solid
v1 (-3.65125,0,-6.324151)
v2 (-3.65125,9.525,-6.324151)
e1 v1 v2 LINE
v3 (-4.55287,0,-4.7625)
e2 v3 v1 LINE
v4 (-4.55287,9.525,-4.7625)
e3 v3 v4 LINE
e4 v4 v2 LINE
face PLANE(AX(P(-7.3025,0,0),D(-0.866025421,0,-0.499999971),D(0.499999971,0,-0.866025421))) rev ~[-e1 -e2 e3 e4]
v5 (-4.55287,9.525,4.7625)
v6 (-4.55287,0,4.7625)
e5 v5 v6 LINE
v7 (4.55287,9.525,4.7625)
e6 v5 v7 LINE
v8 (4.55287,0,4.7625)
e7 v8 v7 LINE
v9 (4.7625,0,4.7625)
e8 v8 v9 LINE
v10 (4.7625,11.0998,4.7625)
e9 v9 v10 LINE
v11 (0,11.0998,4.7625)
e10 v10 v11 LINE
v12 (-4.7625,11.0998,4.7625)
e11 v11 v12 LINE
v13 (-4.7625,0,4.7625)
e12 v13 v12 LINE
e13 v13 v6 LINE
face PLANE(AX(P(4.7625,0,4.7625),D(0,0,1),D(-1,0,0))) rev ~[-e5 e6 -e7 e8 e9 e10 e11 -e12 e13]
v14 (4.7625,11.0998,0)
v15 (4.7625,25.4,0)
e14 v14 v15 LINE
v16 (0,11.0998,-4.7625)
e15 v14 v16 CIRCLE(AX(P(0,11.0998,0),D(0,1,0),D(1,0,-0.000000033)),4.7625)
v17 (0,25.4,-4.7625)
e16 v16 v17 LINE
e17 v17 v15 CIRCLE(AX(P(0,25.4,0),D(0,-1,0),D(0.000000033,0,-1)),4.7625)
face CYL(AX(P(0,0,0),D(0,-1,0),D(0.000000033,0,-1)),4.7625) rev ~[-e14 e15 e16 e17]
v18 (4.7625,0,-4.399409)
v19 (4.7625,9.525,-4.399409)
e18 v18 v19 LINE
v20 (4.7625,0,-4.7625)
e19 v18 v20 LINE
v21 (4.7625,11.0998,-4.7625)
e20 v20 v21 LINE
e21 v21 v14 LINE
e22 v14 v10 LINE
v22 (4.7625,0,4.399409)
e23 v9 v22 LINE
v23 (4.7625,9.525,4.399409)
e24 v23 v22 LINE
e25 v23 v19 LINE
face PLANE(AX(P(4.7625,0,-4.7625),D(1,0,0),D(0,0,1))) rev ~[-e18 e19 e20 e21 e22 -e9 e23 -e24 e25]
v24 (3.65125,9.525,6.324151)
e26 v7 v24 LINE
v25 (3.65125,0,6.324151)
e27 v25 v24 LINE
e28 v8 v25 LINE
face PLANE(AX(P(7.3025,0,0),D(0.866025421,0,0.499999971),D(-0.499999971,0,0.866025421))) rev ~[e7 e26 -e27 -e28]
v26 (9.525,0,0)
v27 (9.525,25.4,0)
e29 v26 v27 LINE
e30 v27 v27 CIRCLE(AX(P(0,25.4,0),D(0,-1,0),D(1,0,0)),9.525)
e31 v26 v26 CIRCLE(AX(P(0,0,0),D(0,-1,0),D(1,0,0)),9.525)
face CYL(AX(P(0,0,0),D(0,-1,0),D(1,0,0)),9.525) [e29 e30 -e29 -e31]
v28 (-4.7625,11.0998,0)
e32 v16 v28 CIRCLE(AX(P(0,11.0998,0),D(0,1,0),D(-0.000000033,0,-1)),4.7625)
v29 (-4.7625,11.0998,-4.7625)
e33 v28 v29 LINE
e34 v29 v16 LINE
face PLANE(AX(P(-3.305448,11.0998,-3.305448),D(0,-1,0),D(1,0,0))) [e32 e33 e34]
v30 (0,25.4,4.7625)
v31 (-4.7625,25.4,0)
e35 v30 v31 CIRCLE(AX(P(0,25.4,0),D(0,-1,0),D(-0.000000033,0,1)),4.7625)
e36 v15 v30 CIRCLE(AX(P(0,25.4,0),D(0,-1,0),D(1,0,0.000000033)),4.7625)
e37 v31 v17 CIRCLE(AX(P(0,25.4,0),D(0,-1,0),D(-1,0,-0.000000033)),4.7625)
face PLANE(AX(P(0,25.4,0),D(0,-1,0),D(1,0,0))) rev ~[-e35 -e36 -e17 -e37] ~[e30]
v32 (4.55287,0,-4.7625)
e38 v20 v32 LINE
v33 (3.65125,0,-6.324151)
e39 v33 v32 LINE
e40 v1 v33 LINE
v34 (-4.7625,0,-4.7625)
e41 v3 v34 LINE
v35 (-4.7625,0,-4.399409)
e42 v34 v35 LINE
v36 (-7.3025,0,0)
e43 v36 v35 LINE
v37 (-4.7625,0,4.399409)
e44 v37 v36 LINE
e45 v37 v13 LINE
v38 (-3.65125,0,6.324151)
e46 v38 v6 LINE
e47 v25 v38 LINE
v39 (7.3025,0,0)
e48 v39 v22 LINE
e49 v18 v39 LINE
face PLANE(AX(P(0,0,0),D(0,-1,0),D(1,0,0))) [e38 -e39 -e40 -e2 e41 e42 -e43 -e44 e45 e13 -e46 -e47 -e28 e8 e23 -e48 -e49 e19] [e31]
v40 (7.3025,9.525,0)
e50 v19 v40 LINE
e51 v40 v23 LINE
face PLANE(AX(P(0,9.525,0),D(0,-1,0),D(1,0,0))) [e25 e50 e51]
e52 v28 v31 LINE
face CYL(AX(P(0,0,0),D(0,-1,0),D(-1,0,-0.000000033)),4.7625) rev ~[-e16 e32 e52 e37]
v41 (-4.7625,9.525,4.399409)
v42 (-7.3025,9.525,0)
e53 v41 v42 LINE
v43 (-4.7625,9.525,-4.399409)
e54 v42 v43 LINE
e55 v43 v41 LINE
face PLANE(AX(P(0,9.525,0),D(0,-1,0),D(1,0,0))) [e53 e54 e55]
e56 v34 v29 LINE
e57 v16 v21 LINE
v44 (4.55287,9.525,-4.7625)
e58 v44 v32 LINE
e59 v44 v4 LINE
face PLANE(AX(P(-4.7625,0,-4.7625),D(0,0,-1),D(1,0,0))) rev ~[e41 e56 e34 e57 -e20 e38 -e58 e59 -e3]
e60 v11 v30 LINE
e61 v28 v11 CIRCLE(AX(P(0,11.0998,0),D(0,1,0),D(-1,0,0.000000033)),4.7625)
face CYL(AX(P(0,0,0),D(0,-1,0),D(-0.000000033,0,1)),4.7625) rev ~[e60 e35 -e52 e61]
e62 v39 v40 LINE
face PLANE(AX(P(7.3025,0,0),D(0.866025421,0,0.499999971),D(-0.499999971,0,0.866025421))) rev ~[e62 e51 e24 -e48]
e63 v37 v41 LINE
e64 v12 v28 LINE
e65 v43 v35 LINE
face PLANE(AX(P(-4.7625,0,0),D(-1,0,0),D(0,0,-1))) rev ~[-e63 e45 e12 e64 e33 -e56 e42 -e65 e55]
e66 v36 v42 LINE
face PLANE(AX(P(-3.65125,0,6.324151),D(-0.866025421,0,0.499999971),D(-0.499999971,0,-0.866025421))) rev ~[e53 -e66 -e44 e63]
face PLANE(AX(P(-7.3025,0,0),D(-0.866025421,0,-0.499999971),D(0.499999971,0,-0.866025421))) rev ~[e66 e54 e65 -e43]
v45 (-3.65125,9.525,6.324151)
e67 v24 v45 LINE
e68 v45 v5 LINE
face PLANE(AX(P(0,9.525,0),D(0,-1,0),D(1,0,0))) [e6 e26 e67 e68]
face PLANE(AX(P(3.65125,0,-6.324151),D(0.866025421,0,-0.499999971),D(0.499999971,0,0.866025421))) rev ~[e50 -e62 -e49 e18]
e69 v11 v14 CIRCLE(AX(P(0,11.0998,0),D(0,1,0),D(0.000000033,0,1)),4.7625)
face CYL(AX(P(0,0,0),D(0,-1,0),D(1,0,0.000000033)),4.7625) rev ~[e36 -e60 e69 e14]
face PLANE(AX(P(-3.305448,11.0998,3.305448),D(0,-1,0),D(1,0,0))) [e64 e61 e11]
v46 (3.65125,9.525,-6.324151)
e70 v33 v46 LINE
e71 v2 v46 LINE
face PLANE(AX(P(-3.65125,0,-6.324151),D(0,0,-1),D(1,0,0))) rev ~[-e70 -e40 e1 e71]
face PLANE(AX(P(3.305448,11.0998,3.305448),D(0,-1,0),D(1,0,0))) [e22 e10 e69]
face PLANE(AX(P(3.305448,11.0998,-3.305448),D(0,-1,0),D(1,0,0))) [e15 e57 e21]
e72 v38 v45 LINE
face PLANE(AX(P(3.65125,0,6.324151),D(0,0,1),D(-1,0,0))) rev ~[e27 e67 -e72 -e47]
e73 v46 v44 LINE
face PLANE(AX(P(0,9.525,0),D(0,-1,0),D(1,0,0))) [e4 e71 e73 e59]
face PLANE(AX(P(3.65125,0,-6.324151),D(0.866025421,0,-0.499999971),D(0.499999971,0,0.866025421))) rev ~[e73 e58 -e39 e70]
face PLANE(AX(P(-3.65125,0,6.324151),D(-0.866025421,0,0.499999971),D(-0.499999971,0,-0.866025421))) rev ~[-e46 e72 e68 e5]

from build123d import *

# Parameters (mm, degrees)
F0_R     = 9.525
F1_DEPTH = 25.4
F3_DEPTH = 25.401
F4_DEPTH = 11.0998
F6_DEPTH = 9.525


with BuildPart() as f1:
    # F0 (on Front) → F1 (new body)
    with BuildSketch(Plane.XZ):
        Circle(F0_R)
    extrude(amount=-F1_DEPTH)

    # F2 (on Front) → F3 (cut, through all)
    with BuildSketch(Plane.XZ):
        with BuildLine():
            ThreePointArc((-4.7625, 0), (-3.367596, -3.367596), (0, -4.7625))
            ThreePointArc((0, -4.7625), (3.367596, -3.367596), (4.7625, 0))
            ThreePointArc((4.7625, 0), (3.367596, 3.367596), (0, 4.7625))
            ThreePointArc((0, 4.7625), (-3.367596, 3.367596), (-4.7625, 0))
        make_face()
    extrude(amount=-F3_DEPTH, mode=Mode.SUBTRACT)

    # F2 (on Front) → F4 (cut)
    with BuildSketch(Plane.XZ):
        with BuildLine():
            Line((0, -4.7625), (4.7625, -4.7625))
            Line((4.7625, -4.7625), (4.7625, 0))
            ThreePointArc((4.7625, 0), (3.367596, -3.367596), (0, -4.7625))
        make_face()
        with BuildLine():
            Line((-4.7625, -4.7625), (0, -4.7625))
            ThreePointArc((0, -4.7625), (-3.367596, -3.367596), (-4.7625, 0))
            Line((-4.7625, 0), (-4.7625, -4.7625))
        make_face()
        with BuildLine():
            ThreePointArc((0, 4.7625), (3.367596, 3.367596), (4.7625, 0))
            Line((4.7625, 0), (4.7625, 4.7625))
            Line((4.7625, 4.7625), (0, 4.7625))
        make_face()
        with BuildLine():
            Line((-4.7625, 4.7625), (-4.7625, 0))
            ThreePointArc((-4.7625, 0), (-3.367596, 3.367596), (0, 4.7625))
            Line((0, 4.7625), (-4.7625, 4.7625))
        make_face()
    extrude(amount=-F4_DEPTH, mode=Mode.SUBTRACT)

    # F5 (on Front) → F6 (cut)
    with BuildSketch(Plane.XZ):
        Polygon((3.65125, -6.324151), (7.3025, 0), (3.65125, 6.324151), (-3.65125, 6.324151), (-7.3025, 0), (-3.65125, -6.324151), align=None)
    extrude(amount=-F6_DEPTH, mode=Mode.SUBTRACT)


solid = f1.part
